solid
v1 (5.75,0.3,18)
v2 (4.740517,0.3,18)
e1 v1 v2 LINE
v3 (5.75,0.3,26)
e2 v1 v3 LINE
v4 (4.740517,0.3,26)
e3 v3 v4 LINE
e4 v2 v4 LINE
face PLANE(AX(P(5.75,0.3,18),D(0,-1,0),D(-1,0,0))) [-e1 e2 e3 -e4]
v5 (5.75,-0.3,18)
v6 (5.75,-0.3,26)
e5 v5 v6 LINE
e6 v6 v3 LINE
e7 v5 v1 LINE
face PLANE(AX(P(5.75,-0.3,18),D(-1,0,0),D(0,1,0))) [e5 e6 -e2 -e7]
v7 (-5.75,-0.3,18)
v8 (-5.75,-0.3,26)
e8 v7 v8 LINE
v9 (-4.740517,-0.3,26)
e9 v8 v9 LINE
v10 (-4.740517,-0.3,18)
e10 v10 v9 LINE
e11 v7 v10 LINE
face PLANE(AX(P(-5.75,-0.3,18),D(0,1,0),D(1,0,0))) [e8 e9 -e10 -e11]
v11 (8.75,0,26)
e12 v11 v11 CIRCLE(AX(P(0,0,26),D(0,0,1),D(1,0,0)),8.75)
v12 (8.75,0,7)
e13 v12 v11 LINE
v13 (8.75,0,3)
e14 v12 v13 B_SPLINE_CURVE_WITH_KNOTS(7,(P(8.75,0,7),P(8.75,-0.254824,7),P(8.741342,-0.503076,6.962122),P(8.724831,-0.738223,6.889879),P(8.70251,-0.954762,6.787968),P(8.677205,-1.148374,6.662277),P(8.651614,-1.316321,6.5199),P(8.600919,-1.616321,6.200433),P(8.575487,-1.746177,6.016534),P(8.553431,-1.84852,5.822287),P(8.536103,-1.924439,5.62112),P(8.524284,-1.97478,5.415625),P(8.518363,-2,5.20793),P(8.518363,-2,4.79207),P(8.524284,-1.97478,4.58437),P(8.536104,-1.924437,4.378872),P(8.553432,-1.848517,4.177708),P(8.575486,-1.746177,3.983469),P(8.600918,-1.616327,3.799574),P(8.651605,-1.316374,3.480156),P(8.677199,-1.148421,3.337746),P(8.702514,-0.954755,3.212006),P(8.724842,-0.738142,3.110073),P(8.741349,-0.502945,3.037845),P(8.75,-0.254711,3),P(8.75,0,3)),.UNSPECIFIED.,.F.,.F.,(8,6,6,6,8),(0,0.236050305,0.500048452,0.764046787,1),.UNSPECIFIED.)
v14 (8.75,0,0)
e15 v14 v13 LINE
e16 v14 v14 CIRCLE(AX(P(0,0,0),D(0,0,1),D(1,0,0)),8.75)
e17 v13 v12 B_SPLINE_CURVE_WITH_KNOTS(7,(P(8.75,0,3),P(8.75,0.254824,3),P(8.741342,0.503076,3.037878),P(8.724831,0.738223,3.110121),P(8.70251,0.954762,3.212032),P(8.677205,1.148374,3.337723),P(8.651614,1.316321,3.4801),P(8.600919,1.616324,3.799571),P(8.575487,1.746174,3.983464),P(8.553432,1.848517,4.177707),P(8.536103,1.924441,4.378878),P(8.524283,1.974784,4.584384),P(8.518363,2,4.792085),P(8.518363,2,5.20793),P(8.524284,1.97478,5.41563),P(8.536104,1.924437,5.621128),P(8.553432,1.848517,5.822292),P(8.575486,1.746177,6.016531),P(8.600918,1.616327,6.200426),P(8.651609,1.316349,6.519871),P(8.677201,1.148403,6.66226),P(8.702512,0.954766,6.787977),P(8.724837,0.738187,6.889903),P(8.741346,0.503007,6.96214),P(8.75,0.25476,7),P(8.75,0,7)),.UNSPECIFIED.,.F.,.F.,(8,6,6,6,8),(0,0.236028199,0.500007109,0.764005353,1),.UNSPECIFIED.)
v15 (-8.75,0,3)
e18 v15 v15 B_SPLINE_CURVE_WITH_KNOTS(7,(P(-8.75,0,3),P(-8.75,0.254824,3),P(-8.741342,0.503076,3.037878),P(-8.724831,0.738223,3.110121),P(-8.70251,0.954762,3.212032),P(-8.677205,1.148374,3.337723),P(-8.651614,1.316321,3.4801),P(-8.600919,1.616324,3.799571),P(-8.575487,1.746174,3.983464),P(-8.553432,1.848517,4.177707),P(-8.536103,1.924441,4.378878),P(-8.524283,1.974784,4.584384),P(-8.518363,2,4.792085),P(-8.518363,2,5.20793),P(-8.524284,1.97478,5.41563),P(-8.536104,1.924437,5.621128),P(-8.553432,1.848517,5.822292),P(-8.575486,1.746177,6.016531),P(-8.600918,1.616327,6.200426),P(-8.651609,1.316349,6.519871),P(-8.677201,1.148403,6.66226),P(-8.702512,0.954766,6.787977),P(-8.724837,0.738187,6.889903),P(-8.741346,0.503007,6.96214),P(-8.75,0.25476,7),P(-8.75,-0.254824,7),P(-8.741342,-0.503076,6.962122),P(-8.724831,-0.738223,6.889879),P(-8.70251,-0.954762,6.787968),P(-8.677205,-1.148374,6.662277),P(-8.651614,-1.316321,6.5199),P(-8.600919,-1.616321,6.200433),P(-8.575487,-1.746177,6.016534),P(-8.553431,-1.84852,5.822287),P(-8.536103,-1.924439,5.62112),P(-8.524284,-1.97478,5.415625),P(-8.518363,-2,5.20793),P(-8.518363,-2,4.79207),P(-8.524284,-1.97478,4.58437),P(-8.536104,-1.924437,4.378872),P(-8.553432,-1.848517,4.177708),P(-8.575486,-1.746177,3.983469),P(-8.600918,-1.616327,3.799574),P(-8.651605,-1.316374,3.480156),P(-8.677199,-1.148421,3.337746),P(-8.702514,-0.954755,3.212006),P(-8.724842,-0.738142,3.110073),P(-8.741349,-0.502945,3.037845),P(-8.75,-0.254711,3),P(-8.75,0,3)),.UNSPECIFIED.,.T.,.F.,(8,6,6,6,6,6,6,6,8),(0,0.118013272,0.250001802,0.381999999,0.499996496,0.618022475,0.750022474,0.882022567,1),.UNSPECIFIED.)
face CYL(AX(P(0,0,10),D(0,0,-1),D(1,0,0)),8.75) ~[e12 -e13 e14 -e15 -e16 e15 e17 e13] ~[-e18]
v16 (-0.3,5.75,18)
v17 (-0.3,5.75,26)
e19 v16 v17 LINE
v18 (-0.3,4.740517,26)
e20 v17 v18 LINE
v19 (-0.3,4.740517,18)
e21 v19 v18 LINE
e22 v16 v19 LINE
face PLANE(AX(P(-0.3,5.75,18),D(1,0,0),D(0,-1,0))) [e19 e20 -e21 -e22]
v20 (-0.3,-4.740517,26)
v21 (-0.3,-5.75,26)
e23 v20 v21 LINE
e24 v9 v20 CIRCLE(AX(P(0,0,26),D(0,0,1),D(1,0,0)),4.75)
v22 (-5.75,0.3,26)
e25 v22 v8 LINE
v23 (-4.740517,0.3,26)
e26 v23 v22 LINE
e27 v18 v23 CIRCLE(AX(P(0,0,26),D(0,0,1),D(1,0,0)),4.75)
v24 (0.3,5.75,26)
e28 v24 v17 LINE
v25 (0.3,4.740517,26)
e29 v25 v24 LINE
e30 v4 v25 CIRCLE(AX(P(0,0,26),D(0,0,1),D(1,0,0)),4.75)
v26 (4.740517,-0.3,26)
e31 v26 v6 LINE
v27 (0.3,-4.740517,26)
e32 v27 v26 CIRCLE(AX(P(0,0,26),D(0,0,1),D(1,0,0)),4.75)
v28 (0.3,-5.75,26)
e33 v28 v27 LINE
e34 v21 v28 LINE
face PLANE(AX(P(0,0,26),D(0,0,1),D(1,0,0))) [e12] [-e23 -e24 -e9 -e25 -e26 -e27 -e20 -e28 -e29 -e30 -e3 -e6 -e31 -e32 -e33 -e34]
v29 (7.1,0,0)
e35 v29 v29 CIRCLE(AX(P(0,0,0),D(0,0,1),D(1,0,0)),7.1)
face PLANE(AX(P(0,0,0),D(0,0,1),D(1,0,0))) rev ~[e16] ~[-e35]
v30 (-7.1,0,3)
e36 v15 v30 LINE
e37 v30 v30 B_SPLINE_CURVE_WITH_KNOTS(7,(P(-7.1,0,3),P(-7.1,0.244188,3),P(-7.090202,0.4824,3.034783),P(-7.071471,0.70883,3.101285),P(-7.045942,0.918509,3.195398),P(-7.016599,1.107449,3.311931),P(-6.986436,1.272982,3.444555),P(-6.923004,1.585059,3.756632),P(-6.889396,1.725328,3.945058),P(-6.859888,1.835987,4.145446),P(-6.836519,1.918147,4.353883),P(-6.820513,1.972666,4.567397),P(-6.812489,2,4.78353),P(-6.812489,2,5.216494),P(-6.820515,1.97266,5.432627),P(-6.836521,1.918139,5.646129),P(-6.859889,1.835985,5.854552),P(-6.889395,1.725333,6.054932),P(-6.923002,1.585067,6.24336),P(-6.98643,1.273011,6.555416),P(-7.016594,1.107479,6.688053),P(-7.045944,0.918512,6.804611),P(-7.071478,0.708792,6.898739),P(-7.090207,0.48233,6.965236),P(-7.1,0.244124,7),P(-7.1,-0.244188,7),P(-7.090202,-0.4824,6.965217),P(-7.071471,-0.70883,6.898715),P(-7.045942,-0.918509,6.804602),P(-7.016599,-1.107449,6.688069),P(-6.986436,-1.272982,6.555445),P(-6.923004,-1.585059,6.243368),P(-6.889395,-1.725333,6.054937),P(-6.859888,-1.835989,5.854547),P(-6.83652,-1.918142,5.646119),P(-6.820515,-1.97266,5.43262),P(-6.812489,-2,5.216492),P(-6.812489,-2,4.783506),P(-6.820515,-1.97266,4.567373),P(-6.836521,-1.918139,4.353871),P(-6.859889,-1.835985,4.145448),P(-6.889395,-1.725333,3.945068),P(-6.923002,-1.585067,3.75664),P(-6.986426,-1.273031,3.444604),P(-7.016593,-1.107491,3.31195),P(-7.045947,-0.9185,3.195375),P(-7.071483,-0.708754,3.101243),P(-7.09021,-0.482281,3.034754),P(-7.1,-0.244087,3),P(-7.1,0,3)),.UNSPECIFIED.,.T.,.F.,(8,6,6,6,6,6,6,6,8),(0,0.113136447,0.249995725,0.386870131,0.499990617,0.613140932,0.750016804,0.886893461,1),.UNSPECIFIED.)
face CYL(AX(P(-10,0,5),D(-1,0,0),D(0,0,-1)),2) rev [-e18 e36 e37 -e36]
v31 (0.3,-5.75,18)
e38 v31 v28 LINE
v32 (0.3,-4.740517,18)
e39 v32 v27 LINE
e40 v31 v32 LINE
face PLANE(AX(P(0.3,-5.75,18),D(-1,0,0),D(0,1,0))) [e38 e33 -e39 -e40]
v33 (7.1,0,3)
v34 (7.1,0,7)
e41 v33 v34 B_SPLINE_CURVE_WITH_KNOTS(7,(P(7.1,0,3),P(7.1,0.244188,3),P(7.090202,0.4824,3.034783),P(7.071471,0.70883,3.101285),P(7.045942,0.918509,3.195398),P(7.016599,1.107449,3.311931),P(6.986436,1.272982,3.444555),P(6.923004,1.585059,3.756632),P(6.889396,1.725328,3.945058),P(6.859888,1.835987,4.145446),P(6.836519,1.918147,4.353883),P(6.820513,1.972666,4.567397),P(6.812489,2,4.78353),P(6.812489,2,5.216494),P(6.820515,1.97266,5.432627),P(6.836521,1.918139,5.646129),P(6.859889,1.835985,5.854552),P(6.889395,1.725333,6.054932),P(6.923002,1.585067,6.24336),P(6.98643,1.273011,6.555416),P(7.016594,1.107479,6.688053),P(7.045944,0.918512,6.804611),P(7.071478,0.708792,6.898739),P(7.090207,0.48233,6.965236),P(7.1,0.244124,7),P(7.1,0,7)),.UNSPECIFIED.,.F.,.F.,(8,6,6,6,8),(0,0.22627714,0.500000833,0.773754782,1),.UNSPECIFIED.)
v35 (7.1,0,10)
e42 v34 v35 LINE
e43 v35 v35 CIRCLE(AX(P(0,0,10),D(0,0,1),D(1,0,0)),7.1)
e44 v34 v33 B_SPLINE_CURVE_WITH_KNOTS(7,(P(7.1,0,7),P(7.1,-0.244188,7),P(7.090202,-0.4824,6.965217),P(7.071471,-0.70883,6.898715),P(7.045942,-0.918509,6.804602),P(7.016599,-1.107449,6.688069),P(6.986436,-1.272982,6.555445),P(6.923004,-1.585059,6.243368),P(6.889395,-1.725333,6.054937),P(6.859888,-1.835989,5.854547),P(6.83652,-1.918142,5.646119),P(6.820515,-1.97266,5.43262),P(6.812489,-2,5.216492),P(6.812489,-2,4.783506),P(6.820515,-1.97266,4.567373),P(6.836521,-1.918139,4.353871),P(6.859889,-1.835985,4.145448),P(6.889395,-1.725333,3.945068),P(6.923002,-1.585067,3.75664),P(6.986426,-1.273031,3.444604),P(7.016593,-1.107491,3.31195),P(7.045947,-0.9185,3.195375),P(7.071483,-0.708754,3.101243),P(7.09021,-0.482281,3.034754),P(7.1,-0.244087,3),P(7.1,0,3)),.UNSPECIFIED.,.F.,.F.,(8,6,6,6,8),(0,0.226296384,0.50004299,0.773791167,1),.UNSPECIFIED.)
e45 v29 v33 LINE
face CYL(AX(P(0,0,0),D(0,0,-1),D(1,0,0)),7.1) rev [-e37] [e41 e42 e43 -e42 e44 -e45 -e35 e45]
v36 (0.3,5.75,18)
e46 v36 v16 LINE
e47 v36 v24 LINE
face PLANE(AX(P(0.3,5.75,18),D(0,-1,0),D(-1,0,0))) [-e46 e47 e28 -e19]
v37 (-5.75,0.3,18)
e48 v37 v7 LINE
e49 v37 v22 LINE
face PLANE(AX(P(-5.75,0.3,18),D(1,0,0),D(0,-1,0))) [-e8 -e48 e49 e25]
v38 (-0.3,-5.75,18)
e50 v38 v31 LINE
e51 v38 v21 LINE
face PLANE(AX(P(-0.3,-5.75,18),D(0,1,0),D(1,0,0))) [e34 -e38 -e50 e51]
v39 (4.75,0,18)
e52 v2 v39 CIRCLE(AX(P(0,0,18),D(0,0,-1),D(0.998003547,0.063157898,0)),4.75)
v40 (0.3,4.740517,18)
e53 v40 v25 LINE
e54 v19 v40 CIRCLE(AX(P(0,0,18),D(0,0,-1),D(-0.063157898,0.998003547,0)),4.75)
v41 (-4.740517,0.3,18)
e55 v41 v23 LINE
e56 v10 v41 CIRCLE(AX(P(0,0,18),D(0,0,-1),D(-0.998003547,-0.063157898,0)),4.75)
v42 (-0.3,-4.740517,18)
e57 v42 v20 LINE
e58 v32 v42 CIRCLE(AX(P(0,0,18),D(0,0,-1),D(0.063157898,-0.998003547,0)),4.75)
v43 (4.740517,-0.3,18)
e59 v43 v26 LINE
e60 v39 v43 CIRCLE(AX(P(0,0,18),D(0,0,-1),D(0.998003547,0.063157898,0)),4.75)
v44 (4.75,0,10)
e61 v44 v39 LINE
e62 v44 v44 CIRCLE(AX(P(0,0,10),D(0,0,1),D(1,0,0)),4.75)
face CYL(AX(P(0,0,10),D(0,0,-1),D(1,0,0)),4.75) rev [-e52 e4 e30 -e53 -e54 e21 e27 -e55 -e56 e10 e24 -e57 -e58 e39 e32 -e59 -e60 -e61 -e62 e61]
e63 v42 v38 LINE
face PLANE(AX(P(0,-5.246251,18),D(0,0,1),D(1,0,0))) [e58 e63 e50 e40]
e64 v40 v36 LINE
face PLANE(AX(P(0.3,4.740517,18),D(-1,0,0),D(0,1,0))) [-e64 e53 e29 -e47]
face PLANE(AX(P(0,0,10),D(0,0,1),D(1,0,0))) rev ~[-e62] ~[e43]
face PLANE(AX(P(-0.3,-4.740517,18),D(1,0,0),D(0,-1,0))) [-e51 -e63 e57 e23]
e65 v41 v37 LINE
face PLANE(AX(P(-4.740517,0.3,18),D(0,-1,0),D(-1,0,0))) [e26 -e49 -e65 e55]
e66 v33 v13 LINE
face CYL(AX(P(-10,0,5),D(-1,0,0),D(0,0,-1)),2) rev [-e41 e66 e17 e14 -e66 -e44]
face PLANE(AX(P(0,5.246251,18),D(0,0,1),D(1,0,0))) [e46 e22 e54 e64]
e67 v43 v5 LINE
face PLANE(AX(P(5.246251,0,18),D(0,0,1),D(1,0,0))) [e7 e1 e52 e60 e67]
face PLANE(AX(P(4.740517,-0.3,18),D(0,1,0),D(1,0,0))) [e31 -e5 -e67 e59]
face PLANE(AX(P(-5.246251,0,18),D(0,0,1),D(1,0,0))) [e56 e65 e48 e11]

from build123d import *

# Parameters (mm, degrees)
SKETCH_1_R               = 8.75
SKETCH_1_R_2             = 7.1
EXTRUDE_1_DEPTH          = 10
CUT_EXTRUDE_1_DEPTH      = 20
CUT_EXTRUDE_1_DEPTH_BACK = 10
SKETCH_2_R               = 2
SKETCH_3_R               = 8.75
SKETCH_3_R_2             = 4.75
EXTRUDE_2_DEPTH          = 16
CUT_EXTRUDE_START        = -8
CUT_EXTRUDE_2_DEPTH      = 8


with BuildPart() as part:
    # 草图1 → 凸台-拉伸1 (new body)
    with BuildSketch(Plane.XY):
        Circle(SKETCH_1_R)
        Circle(SKETCH_1_R_2, mode=Mode.SUBTRACT)
    extrude(amount=EXTRUDE_1_DEPTH)

    # 草图2 → 切除-拉伸1 (cut, two sides: drawn at the far end of the back side and taken through both)
    with BuildSketch(Plane(origin=(0, 0, 0), x_dir=(0, 0, -1), z_dir=(1, 0, 0)).offset(-CUT_EXTRUDE_1_DEPTH_BACK)):
        with Locations((-5, 0)):
            Circle(SKETCH_2_R)
    extrude(amount=CUT_EXTRUDE_1_DEPTH + CUT_EXTRUDE_1_DEPTH_BACK, mode=Mode.SUBTRACT)

    # 草图3 → 凸台-拉伸2 (add)
    with BuildSketch(Plane.XY.offset(10)):
        Circle(SKETCH_3_R)
        Circle(SKETCH_3_R_2, mode=Mode.SUBTRACT)
    extrude(amount=EXTRUDE_2_DEPTH)

    # 草图4 → 切除-拉伸2 (cut)
    with BuildSketch(Plane.XY.offset(26).offset(CUT_EXTRUDE_START)):
        with BuildLine():
            Line((-0.3, -4.740516849), (-0.3, -5.75))
            Line((-0.3, -5.75), (0.3, -5.75))
            Line((0.3, -5.75), (0.3, -4.740516849))
            ThreePointArc((0.3, -4.740516849), (0, -4.75), (-0.3, -4.740516849))
        make_face()
        with BuildLine():
            Line((-5.75, -0.3), (-4.740516849, -0.3))
            ThreePointArc((-4.740516849, -0.3), (-4.75, 0), (-4.740516849, 0.3))
            Line((-4.740516849, 0.3), (-5.75, 0.3))
            Line((-5.75, 0.3), (-5.75, -0.3))
        make_face()
        with BuildLine():
            Line((-0.3, 5.75), (-0.3, 4.740516849))
            ThreePointArc((-0.3, 4.740516849), (0, 4.75), (0.3, 4.740516849))
            Line((0.3, 4.740516849), (0.3, 5.75))
            Line((0.3, 5.75), (-0.3, 5.75))
        make_face()
        with BuildLine():
            Line((5.75, 0.3), (4.740516849, 0.3))
            ThreePointArc((4.740516849, 0.3), (4.75, 0), (4.740516849, -0.3))
            Line((4.740516849, -0.3), (5.75, -0.3))
            Line((5.75, -0.3), (5.75, 0.3))
        make_face()
    extrude(amount=CUT_EXTRUDE_2_DEPTH, mode=Mode.SUBTRACT)


solid = part.part
